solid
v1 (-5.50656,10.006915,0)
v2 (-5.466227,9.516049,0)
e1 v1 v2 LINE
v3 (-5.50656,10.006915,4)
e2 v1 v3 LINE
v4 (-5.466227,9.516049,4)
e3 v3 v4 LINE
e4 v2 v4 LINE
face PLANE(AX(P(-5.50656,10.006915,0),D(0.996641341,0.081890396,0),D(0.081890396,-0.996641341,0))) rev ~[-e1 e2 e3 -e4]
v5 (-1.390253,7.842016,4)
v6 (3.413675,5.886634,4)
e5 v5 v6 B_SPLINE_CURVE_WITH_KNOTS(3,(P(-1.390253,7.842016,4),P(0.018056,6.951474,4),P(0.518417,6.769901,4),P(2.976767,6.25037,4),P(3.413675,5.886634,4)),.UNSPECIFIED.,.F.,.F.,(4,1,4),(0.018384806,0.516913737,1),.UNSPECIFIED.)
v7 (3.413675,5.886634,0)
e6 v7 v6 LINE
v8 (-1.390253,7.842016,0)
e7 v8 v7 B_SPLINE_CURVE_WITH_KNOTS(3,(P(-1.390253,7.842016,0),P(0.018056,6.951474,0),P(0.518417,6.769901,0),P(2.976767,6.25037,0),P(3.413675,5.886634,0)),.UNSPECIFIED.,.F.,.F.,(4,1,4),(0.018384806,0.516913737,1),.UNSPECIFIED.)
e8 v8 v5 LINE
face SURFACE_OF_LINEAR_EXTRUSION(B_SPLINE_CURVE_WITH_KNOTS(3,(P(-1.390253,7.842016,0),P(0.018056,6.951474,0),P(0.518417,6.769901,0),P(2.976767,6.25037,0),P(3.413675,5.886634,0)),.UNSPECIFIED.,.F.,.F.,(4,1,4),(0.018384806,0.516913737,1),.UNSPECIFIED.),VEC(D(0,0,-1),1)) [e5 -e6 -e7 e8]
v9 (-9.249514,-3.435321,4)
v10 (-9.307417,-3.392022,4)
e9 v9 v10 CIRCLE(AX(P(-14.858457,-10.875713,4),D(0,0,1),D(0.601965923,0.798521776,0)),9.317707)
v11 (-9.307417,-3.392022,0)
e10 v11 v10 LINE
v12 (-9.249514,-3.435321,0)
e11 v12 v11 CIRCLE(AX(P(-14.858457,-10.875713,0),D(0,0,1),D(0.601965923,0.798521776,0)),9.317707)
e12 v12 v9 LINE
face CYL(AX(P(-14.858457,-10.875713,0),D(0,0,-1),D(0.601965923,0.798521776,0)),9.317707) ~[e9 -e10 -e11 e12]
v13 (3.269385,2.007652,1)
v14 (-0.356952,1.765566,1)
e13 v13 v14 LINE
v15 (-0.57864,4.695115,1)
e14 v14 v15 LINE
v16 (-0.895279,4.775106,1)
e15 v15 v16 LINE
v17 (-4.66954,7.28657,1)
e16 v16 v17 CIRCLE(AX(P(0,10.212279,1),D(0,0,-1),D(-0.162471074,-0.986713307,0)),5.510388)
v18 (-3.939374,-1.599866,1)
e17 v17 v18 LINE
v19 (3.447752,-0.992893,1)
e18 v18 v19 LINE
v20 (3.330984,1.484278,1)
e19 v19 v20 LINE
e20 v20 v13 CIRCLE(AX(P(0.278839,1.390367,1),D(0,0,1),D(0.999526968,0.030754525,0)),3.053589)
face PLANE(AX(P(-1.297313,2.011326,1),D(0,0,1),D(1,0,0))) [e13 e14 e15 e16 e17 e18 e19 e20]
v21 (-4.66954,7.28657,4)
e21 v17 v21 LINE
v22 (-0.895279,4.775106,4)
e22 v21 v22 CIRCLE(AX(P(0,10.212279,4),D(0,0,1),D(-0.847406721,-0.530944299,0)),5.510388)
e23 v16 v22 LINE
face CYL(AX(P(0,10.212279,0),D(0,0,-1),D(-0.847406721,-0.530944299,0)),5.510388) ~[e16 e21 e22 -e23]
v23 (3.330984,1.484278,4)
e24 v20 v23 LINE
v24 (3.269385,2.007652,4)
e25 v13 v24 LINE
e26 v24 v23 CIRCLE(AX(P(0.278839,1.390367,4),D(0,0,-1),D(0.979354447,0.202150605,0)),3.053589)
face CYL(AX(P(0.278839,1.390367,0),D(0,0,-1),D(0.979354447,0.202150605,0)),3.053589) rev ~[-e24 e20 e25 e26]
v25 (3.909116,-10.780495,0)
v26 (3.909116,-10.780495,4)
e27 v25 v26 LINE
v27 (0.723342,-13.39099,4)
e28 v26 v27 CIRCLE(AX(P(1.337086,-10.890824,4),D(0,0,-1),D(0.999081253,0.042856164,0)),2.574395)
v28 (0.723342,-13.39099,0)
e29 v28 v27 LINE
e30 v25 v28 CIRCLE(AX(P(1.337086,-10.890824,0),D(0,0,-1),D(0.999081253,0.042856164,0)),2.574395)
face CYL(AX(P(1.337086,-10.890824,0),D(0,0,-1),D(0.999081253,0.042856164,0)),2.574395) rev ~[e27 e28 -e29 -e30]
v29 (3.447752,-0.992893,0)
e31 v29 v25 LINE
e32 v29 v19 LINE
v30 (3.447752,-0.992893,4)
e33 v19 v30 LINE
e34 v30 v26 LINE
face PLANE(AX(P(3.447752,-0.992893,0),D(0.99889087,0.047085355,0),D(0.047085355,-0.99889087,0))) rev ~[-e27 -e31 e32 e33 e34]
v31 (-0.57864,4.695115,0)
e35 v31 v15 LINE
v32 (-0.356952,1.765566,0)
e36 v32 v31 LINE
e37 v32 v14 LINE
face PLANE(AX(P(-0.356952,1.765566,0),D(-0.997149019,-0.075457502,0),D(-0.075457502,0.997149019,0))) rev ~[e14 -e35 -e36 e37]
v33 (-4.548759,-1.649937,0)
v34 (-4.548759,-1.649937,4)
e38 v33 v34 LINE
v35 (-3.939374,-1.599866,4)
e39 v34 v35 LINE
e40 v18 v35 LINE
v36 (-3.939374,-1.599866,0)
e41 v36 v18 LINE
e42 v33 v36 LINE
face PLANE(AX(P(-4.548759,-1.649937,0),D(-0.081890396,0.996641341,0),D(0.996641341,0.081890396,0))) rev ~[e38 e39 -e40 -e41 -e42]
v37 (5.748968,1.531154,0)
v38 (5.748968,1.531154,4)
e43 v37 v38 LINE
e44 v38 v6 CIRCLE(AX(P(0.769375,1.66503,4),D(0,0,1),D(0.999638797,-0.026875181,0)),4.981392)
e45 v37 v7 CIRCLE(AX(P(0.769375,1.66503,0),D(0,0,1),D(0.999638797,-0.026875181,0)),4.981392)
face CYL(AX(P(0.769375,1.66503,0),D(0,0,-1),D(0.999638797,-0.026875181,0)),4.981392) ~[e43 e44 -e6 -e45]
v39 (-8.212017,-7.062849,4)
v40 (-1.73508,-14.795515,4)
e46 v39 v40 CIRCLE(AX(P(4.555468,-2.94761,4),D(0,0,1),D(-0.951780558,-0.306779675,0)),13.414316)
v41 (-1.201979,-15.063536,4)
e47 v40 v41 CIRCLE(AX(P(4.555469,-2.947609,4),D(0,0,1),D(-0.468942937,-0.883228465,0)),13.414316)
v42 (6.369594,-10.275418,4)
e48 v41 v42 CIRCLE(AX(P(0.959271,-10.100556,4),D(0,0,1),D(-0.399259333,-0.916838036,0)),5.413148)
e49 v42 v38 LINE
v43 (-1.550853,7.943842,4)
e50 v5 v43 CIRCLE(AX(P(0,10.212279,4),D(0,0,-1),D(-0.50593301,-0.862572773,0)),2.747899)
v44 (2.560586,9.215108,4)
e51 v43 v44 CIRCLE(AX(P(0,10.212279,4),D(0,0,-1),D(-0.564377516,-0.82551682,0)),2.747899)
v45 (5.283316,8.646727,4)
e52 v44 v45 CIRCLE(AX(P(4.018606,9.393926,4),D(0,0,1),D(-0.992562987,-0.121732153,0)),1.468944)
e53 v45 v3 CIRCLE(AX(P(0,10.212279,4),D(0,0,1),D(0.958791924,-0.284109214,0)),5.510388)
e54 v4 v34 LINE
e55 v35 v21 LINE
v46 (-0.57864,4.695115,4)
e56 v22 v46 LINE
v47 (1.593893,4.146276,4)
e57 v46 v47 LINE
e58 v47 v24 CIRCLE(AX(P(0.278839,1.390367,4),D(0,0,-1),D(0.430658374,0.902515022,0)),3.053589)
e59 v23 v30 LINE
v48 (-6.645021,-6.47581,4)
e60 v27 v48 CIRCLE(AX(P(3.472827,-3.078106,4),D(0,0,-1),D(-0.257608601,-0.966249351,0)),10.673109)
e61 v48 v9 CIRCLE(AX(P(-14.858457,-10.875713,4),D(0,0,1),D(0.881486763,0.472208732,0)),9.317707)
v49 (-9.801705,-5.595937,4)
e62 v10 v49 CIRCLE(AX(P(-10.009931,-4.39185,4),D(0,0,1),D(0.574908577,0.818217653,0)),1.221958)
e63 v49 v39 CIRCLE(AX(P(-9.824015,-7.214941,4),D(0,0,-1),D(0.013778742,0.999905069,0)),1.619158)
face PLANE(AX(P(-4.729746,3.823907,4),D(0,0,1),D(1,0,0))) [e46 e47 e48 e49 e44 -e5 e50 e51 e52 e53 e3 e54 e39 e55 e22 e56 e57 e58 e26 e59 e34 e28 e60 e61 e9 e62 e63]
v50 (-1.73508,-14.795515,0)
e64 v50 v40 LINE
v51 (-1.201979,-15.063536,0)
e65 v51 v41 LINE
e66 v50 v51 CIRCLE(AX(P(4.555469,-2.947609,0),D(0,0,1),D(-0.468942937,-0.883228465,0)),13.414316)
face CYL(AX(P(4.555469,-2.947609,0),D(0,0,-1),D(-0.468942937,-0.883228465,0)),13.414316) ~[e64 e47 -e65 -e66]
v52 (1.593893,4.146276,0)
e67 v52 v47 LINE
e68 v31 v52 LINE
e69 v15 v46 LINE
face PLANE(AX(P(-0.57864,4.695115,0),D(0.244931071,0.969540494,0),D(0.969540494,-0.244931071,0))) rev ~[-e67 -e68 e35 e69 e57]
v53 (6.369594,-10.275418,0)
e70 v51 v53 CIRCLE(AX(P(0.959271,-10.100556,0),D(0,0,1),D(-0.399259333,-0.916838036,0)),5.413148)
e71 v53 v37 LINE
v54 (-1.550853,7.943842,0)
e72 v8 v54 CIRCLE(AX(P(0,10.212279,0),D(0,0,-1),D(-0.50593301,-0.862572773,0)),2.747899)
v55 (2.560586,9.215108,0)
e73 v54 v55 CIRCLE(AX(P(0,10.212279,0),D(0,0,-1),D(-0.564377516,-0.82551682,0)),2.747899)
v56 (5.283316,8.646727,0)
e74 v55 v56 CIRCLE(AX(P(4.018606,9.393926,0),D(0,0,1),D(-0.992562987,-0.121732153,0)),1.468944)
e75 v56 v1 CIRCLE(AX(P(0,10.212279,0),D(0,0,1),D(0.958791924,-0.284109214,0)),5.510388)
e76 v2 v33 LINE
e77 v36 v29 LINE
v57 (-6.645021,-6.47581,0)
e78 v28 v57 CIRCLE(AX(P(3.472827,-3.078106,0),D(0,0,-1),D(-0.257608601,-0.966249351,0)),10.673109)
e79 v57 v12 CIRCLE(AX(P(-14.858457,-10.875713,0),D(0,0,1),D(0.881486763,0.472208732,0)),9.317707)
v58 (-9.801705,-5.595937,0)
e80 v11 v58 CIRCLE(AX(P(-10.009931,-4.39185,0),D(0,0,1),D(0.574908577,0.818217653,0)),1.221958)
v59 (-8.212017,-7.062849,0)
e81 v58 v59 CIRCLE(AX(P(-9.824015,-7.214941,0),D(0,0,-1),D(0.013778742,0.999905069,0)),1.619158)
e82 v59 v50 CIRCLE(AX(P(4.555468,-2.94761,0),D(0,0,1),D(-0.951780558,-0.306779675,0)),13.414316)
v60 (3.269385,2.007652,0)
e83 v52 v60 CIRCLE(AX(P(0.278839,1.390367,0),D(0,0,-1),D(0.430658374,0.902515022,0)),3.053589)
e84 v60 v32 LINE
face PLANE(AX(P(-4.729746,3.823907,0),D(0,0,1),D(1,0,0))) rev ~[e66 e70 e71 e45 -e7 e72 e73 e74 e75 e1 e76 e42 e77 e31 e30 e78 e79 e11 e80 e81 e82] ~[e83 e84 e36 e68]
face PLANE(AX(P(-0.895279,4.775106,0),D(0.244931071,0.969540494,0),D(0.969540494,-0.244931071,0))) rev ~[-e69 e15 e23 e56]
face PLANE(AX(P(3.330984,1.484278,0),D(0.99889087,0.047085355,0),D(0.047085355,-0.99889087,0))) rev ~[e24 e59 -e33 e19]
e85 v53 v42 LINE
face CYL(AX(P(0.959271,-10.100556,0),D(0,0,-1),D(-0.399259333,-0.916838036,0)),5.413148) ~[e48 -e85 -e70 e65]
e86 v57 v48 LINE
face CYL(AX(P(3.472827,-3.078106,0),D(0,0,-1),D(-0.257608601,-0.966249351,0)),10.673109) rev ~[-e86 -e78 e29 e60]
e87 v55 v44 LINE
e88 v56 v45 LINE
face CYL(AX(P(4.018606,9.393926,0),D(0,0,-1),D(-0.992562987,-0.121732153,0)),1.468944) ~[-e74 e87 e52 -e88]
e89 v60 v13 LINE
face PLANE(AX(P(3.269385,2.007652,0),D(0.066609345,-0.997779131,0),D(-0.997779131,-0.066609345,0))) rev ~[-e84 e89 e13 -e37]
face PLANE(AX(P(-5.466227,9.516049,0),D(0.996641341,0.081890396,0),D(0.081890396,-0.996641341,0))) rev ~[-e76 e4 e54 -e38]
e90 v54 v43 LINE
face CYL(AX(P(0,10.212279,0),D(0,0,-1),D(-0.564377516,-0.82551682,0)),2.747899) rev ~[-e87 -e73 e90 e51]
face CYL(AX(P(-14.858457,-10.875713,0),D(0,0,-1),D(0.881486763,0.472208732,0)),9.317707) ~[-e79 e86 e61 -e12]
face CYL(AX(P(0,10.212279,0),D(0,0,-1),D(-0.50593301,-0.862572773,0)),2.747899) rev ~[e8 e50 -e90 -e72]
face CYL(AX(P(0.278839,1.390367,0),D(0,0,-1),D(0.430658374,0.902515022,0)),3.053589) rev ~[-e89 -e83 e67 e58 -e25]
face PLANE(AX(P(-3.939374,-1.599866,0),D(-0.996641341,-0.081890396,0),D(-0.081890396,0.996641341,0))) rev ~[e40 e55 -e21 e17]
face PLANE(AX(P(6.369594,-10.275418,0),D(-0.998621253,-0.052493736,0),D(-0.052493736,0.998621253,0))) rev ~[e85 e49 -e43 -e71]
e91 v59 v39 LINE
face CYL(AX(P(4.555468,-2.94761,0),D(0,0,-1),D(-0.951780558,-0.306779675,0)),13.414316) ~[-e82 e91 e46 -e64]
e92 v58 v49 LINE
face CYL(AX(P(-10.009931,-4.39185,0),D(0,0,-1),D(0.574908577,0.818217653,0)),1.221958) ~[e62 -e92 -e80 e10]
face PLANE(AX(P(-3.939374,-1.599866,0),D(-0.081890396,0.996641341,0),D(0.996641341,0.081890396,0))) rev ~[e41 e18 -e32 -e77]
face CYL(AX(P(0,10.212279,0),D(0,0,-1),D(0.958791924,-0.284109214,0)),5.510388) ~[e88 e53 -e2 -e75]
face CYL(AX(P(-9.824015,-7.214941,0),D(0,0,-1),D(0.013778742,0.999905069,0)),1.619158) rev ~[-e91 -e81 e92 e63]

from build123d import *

# Parameters (mm, degrees)
F1_DEPTH = 4
F2_DEPTH = 1
F3_DEPTH = 4


with BuildPart() as f1:
    # F0 (on Top) → F1 (new body)
    with BuildSketch(Plane.XY):
        with BuildLine():
            ThreePointArc((-1.5508525785, 7.9438418354), (-0.8117387783, 12.8375466645), (2.5605860204, 9.2151080362))
            ThreePointArc((2.5605860204, 9.2151080362), (3.7184283285, 7.9559790876), (5.2833155314, 8.6467269154))
            ThreePointArc((5.2833155314, 8.6467269154), (0.6891933533, 15.6793977841), (-5.5065598875, 10.00691509))
            Line((-5.5065598875, 10.00691509), (-5.4662271831, 9.5160487318))
            ThreePointArc((-5.4662271831, 9.5160487318), (-5.1890353006, 8.3580166056), (-4.6695398419, 7.2865698204))
            ThreePointArc((-4.6695398419, 7.2865698204), (-3.0526487171, 5.624718363), (-0.8952786583, 4.7751057418))
            Line((-0.8952786583, 4.7751057418), (-0.5786401844, 4.6951146522))
            Line((-0.5786401844, 4.6951146522), (1.5938929177, 4.1462764523))
            ThreePointArc((1.5938929177, 4.1462764523), (2.6825813347, 3.2735631577), (3.2693851036, 2.0076515096))
            ThreePointArc((3.2693851036, 2.0076515096), (3.3114958995, 1.7472962445), (3.3309836872, 1.4842783567))
            Line((3.3309836872, 1.4842783567), (3.4477516729, -0.9928926231))
            Line((3.4477516729, -0.9928926231), (3.9091161415, -10.7804954964))
            ThreePointArc((3.9091161415, -10.7804954964), (2.9687698725, -12.8820847985), (0.7233424694, -13.3909899741))
            ThreePointArc((0.7233424694, -13.3909899741), (-3.8310752971, -10.860666841), (-6.6450210288, -6.4758104272))
            ThreePointArc((-6.6450210288, -6.4758104272), (-7.7820397087, -4.8140308867), (-9.2495143625, -3.4353210333))
            ThreePointArc((-9.2495143625, -3.4353210333), (-9.2784237273, -3.4136155218), (-9.3074170873, -3.3920223359))
            ThreePointArc((-9.3074170873, -3.3920223359), (-11.2022703258, -4.1244357737), (-9.8017050698, -5.5959367772))
            ThreePointArc((-9.8017050698, -5.5959367772), (-8.7259718037, -6.0249943061), (-8.2120165113, -7.0628490071))
            ThreePointArc((-8.2120165113, -7.0628490071), (-5.7280471213, -11.5611556114), (-1.7350801949, -14.7955151093))
            ThreePointArc((-1.7350801949, -14.7955151093), (-1.4700198659, -14.9324899814), (-1.201978699, -15.0635358758))
            ThreePointArc((-1.201978699, -15.0635358758), (3.8524766741, -14.675655203), (6.3695942874, -10.2754177713))
            Line((6.3695942874, -10.2754177713), (5.7489675473, 1.5311539041))
            ThreePointArc((5.7489675473, 1.5311539041), (5.1595327201, 4.0189158193), (3.4136745307, 5.8866341986))
            add(Edge.make_bspline(
                [(-1.3902529619, 7.8420158064), (0.0180558581, 6.9514744016), (0.5184174589, 6.7699007224), (2.976767486, 6.2503702939), (3.4136745307, 5.8866341986)],
                knots=[0.018384806, 0.018384806, 0.018384806, 0.018384806, 0.516913737, 1, 1, 1, 1], degree=3))
            ThreePointArc((-1.3902529619, 7.8420158064), (-1.4714338534, 7.8915391799), (-1.5508525785, 7.9438418354))
        make_face()
    extrude(amount=F1_DEPTH)

    # F0 (on Top) → F2 (join)
    with BuildSketch(Plane.XY):
        with BuildLine():
            ThreePointArc((-0.8952786583, 4.7751057418), (-3.0526487171, 5.624718363), (-4.6695398419, 7.2865698204))
            Line((-4.6695398419, 7.2865698204), (-3.9393737235, -1.599865865))
            Line((-3.9393737235, -1.599865865), (3.4477516729, -0.9928926231))
            Line((3.4477516729, -0.9928926231), (3.3309836872, 1.4842783567))
            ThreePointArc((3.3309836872, 1.4842783567), (3.3114958995, 1.7472962445), (3.2693851036, 2.0076515096))
            Line((3.2693851036, 2.0076515096), (-0.3569517285, 1.7655659467))
            Line((-0.3569517285, 1.7655659467), (-0.5786401844, 4.6951146522))
            Line((-0.5786401844, 4.6951146522), (-0.8952786583, 4.7751057418))
        make_face()
    extrude(amount=F2_DEPTH)

    # F0 (on Top) → F3 (join)
    with BuildSketch(Plane.XY):
        with BuildLine():
            ThreePointArc((-4.6695398419, 7.2865698204), (-5.1890353006, 8.3580166056), (-5.4662271831, 9.5160487318))
            Line((-5.4662271831, 9.5160487318), (-4.5487587385, -1.6499368166))
            Line((-4.5487587385, -1.6499368166), (-3.9393737235, -1.599865865))
            Line((-3.9393737235, -1.599865865), (-4.6695398419, 7.2865698204))
        make_face()
    extrude(amount=F3_DEPTH)


solid = f1.part
